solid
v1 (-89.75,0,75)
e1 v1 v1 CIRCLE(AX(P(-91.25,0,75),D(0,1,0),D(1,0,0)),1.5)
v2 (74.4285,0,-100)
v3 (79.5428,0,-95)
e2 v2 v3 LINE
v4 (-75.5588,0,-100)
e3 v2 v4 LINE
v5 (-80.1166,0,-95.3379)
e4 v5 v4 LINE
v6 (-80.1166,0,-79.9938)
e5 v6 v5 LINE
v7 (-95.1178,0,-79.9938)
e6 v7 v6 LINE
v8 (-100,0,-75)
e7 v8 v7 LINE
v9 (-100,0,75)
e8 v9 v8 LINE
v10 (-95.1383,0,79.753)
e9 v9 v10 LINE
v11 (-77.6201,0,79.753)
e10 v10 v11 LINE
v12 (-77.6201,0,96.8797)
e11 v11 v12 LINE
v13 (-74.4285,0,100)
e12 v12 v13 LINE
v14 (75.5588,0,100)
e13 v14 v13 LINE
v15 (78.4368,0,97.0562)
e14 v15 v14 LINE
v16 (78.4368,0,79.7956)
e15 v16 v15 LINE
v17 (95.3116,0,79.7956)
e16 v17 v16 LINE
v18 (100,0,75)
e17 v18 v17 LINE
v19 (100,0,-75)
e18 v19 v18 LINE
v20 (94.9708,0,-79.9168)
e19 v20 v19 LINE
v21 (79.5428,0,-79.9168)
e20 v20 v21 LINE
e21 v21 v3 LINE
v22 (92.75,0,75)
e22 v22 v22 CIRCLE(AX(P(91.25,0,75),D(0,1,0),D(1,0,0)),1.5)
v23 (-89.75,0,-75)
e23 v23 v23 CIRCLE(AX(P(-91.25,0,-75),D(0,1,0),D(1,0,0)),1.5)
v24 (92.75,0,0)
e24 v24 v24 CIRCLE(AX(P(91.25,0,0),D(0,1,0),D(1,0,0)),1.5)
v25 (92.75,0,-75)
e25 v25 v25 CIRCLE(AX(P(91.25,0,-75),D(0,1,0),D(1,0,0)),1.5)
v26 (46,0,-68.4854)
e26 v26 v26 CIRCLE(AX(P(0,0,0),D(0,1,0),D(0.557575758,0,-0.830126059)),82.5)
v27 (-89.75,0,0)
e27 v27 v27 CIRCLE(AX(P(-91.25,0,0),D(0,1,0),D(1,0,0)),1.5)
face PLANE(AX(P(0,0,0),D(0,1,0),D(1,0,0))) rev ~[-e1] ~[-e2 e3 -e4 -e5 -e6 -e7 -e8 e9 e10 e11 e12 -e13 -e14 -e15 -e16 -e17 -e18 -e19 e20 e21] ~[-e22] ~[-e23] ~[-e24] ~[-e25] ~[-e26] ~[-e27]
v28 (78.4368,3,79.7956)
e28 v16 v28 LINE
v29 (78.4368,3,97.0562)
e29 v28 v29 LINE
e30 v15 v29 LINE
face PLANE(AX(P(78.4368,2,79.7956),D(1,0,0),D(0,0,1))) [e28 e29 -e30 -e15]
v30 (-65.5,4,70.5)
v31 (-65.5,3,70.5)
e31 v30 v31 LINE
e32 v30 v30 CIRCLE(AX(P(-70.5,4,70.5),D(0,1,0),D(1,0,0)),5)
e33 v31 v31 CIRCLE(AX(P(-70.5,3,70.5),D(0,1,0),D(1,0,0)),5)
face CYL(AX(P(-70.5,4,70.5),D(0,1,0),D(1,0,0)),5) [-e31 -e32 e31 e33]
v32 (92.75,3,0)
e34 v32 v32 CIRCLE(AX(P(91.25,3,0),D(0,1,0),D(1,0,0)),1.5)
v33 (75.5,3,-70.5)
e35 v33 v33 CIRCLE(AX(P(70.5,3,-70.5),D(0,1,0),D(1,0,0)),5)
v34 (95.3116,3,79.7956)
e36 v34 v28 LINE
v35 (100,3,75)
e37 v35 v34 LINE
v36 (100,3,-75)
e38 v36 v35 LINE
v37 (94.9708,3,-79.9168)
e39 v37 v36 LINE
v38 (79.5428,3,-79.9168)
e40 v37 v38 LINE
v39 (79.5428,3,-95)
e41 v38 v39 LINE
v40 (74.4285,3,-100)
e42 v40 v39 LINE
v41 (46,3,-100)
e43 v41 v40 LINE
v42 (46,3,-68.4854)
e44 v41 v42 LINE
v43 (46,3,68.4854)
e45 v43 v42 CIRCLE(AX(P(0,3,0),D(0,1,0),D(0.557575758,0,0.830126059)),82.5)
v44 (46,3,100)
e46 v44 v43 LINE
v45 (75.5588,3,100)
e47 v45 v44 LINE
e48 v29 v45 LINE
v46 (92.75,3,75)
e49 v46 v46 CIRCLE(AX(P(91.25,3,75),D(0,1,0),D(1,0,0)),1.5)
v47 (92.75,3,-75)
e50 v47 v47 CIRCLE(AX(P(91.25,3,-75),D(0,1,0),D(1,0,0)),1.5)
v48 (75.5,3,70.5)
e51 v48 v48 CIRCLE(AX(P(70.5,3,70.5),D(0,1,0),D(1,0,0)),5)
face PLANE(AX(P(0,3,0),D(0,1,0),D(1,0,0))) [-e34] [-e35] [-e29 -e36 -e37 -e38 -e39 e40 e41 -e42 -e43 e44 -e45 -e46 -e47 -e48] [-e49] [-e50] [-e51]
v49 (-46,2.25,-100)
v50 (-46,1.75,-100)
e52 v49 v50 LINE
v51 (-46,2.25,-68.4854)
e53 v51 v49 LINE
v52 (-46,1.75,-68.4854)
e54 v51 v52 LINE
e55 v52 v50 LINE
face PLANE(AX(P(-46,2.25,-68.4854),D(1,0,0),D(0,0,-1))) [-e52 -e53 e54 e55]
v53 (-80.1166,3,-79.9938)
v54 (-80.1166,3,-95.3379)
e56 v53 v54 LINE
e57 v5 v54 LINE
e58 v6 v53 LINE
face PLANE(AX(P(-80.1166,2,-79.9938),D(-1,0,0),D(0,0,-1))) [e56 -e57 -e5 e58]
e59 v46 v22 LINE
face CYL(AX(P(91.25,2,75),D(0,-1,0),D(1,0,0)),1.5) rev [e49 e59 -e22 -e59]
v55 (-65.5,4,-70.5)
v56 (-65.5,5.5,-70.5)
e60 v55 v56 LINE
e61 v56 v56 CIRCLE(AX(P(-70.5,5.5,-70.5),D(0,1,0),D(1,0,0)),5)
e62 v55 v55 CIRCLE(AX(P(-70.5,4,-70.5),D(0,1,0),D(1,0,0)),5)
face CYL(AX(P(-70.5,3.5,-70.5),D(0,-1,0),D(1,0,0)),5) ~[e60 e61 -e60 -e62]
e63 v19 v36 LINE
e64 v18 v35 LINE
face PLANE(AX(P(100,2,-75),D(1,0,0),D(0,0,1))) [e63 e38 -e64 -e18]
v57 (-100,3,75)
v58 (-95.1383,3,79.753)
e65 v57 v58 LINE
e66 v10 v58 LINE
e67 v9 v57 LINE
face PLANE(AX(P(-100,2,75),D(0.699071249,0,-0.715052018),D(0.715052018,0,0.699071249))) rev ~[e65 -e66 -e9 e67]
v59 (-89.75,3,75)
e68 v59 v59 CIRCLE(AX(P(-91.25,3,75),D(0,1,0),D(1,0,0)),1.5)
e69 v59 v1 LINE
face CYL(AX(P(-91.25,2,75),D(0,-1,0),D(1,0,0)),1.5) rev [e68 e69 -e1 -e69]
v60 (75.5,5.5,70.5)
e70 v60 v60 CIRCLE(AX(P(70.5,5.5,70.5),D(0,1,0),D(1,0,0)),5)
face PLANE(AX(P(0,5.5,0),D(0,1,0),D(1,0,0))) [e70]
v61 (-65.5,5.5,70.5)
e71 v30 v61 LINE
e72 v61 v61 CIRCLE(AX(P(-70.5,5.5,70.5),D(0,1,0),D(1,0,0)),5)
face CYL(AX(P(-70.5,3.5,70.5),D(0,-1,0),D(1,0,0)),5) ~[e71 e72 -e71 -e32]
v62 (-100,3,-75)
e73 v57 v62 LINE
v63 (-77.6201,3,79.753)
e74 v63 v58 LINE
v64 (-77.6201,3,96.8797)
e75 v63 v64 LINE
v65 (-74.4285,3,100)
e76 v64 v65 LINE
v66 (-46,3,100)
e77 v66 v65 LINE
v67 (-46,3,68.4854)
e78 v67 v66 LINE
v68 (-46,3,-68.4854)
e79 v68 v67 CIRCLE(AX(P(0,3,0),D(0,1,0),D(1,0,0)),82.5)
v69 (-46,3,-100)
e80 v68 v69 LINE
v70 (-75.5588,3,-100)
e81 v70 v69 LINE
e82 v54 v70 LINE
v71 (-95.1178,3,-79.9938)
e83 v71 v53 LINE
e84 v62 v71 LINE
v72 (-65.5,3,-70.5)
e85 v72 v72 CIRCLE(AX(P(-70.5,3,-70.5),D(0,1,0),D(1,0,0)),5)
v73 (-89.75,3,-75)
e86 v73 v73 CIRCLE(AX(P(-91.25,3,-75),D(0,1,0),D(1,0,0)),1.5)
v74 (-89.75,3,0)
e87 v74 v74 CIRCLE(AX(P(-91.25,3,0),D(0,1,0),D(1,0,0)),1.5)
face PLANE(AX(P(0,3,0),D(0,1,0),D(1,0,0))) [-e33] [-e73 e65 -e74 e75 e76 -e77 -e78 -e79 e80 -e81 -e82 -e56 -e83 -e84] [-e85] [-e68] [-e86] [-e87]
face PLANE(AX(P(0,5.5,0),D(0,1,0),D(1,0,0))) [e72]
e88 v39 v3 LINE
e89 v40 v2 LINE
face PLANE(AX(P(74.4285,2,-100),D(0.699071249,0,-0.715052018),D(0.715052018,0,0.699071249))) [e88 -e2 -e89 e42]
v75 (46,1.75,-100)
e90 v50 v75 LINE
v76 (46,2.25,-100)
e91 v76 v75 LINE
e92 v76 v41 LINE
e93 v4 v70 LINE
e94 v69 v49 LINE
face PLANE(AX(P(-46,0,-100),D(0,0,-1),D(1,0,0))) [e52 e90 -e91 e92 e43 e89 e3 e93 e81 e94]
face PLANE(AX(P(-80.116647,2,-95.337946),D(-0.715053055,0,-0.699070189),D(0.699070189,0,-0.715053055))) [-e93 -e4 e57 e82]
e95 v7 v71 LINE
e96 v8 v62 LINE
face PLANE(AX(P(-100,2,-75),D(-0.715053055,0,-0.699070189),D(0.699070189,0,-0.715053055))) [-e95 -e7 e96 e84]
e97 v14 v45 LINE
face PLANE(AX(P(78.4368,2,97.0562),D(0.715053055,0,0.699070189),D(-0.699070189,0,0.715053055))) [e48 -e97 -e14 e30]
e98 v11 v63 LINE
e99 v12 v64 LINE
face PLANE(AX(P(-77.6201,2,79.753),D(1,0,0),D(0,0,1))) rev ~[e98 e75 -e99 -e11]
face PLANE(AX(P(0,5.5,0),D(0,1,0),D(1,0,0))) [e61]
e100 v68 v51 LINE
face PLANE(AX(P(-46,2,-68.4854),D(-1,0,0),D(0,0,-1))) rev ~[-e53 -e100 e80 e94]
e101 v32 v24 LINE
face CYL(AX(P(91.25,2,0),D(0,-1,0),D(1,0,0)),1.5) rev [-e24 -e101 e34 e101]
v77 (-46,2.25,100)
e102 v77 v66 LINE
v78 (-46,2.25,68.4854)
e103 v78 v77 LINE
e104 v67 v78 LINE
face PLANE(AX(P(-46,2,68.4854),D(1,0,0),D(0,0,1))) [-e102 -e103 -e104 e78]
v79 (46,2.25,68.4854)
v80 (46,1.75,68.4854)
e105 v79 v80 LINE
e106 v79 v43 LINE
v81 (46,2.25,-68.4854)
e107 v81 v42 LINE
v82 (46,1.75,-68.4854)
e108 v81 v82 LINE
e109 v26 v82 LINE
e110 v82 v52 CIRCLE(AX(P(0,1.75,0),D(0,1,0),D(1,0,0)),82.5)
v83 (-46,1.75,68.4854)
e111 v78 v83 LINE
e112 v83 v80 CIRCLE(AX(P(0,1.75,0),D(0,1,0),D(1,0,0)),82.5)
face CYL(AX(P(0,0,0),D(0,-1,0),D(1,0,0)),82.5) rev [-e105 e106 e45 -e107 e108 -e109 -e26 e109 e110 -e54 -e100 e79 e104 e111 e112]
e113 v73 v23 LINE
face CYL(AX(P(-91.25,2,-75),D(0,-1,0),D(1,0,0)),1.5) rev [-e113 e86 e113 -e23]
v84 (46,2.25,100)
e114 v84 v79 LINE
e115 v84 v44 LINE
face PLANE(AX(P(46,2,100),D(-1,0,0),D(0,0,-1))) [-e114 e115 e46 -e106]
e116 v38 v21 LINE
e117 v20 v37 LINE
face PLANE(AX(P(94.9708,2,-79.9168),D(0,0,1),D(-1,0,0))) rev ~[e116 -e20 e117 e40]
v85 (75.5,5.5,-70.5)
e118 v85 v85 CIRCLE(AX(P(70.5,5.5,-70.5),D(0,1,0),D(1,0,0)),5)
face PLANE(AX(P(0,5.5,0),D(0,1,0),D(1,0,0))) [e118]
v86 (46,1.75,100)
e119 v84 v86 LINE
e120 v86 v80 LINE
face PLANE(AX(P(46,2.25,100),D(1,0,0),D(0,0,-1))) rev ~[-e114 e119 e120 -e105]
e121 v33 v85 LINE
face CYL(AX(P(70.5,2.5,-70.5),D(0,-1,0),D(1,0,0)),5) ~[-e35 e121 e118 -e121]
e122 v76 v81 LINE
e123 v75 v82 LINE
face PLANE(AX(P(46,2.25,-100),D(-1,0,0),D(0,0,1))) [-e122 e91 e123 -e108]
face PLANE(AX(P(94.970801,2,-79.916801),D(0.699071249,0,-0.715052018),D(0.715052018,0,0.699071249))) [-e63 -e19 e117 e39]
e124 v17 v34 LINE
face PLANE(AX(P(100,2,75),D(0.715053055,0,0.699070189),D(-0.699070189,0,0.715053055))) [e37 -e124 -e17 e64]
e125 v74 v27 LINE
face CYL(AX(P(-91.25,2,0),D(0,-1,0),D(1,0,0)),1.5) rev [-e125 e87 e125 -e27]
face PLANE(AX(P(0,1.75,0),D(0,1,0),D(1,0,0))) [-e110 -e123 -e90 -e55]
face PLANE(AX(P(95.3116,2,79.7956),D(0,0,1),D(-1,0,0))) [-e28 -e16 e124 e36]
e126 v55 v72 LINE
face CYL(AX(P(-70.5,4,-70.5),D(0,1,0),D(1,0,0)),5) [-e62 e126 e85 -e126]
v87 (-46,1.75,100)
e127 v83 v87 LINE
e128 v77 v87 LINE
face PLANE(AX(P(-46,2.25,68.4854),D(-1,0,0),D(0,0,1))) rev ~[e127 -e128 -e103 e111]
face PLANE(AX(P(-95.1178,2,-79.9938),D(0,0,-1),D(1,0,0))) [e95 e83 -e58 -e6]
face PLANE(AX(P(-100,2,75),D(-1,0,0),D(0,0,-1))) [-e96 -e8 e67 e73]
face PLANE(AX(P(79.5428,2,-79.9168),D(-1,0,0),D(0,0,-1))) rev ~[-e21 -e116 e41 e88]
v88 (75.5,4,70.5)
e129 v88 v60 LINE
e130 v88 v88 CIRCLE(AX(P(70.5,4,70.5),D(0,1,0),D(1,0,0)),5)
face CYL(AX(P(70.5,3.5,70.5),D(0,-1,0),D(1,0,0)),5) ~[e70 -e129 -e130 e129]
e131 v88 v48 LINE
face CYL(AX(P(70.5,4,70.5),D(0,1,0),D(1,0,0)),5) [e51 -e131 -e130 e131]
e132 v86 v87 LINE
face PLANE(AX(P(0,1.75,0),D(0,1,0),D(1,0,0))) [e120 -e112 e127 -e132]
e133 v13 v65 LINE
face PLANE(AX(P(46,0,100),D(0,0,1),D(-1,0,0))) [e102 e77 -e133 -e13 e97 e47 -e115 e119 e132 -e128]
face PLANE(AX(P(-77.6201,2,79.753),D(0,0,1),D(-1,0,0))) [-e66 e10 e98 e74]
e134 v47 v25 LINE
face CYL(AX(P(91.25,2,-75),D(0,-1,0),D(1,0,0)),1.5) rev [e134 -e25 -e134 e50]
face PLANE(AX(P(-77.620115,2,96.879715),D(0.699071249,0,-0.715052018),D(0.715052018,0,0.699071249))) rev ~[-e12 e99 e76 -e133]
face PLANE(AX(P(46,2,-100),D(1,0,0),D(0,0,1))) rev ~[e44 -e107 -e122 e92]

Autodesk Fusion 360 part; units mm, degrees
sketch "Sketch1" plane through (0, 0, 0) normal (0, 1, 0) x (1, 0, 0) in component "Raam_v3"
  line L0 (-100, 100) -> (100, 100)
  line L1 (100, 100) -> (100, -100)
  line L2 (100, -100) -> (-100, -100)
  line L3 (-100, -100) -> (-100, 100)
  circle A0 centre (0, 0) radius 82.5
  line L4 (-70.5, -70.5) -> (70.5, -70.5) construction
  line L5 (70.5, -70.5) -> (70.5, 70.5) construction
  line L6 (70.5, 70.5) -> (-70.5, 70.5) construction
  line L7 (-70.5, 70.5) -> (-70.5, -70.5) construction
  line L8 (-46, -100) -> (46, -100)
  line L9 (46, -100) -> (46, -68)
  line L10 (46, -68) -> (-46, -68)
  line L11 (-46, -68) -> (-46, -100)
  line L12 (-46, 100) -> (46, 100)
  line L13 (46, 100) -> (46, 68)
  line L14 (46, 68) -> (-46, 68)
  line L15 (-46, 68) -> (-46, 100)
  circle A1 centre (70.5, -70.5) radius 5
  circle A2 centre (-70.5, -70.5) radius 5
  circle A3 centre (70.5, 70.5) radius 5
  circle A4 centre (-70.5, 70.5) radius 5
  line L16 (-91.25, -91.25) -> (91.25, -91.25) construction
  line L17 (91.25, -91.25) -> (91.25, 91.25) construction
  line L18 (91.25, 91.25) -> (-91.25, 91.25) construction
  line L19 (-91.25, 91.25) -> (-91.25, -91.25) construction
  line L20 (0, -100) -> (0, 100) construction
  line L21 (-100, 0) -> (100, 0) construction
  line L22 (-100, -75) -> (-74.4285, -100)
  line L23 (100, -75) -> (75.5588, -100)
  line L24 (-100, 75) -> (-75.5588, 100)
  line L25 (74.4285, 100) -> (100, 75)
  circle A5 centre (-91.25, 0) radius 1.5
  circle A6 centre (91.25, 0) radius 1.5
  line L26 (-100, -75) -> (100, -75) construction
  circle A7 centre (91.25, -75) radius 1.5
  line L27 (-100, 75) -> (100, 75) construction
  circle A8 centre (91.25, 75) radius 1.5
  circle A9 centre (-91.25, 75) radius 1.5
  circle A10 centre (-91.25, -75) radius 1.5
  line L28 (-95.1383, -79.753) -> (-77.6201, -79.753)
  line L29 (-77.6201, -79.753) -> (-77.6201, -96.8797)
  line L30 (-83.7274, -79.753) -> (-83.7274, -80)
  line L31 (95.3116, -79.7956) -> (78.4368, -79.7956)
  line L32 (78.4368, -79.7956) -> (78.4368, -97.0562)
  line L33 (-95.1178, 79.9938) -> (-80.1166, 79.9938)
  line L34 (-80.1166, 79.9938) -> (-80.1166, 95.3379)
  line L35 (94.9708, 79.9168) -> (79.5428, 79.9168)
  line L36 (79.5428, 79.9168) -> (79.5428, 95)
  dimension "d1" = 200
  dimension "d2" = 200
  dimension "d3" = 165
  dimension "d6" = 141
  dimension "d7" = 141
  dimension "d8" = 29.5
  dimension "d9" = 29.5
  dimension "d11" = 100
  dimension "d12" = 100
  dimension "d18" = 92
  dimension "d19" = 32
  dimension "d20" = 46
  dimension "d21" = 92
  dimension "d22" = 32
  dimension "d23" = 46
  dimension "d24" = 10
  dimension "d25" = 10
  dimension "d26" = 10
  dimension "d27" = 10
  dimension "d28" = 182.5
  dimension "d29" = 182.5
  dimension "d30" = 70.5
  dimension "d31" = 8.75
  dimension "d32" = 8.75
  dimension "d33" = 3
  dimension "d34" = 3
  dimension "d53" = 12.3744
  dimension "d54" = 12.3744
  dimension "d55" = 12.3744
  dimension "d56" = 12.3744
  dimension "d57" = 41.7193
  dimension "d58" = 41.7193
  dimension "d59" = 75
  dimension "d60" = 3
  dimension "d61" = 75
  dimension "d62" = 3
  dimension "d63" = 3
  dimension "d64" = 3
extrude "Extrude11" add sketch "Sketch1" along normal blind 1.25 contours L0 A0 L12 L13 L15 | L2 A0 L8 L9 L11 makes body 1 at (0, 0, -94.1667) makes body 2 at (0, 0, 94.1667) in component "Raam_v3"
extrude "Extrude10" add sketch "Sketch1" along normal blind 2 separate body contours L0 L2 L3 A0 L11 L15 L22 L24 L28 L29 L33 L34 | L0 L1 L2 A0 L9 L13 L23 L25 L31 L32 L35 L36 makes body 3 at (-63.4107, 0, -91.7181) makes body 4 at (63.4107, 2, 91.7181) in component "Raam_v3"
extrude "Extrude12" add sketch "Sketch1" along normal blind 3.5 contours A2 bodies 3 in component "Raam_v3"
extrude "Extrude13" add sketch "Sketch1" along normal blind 3.5 contours A1 bodies 4 in component "Raam_v3"
extrude "Extrude14" add sketch "Sketch1" along normal blind 3.5 contours A4 bodies 3 in component "Raam_v3"
extrude "Extrude15" add sketch "Sketch1" along normal blind 3.5 contours A3 bodies 4 in component "Raam_v3"
extrude "Extrude16" add 1 faces at (63.4107, 2, 91.7181) along direction (0, 1, 0) blind 2 on bodies 4 bodies 4 in component "Raam_v3"
extrude "Extrude17" add 1 faces at (-63.4107, 2, -91.7181) along direction (0, 1, 0) blind 2 on bodies 3 bodies 3 in component "Raam_v3"
extrude "Extrude18" add 1 faces at (0, 1.25, 94.1667) along direction (0, 1, 0) blind 1 on bodies 2 bodies 2 3 4 in component "Raam_v3"
extrude "Extrude19" add 1 faces at (0, 1.25, -94.1667) along direction (0, 1, 0) blind 1 on bodies 1 bodies 1 2 in component "Raam_v3"
extrude "Extrude20" add 1 faces at (-69.0538, 3.5, 70.0197) along direction (0, 1, 0) blind 4 on bodies 1 bodies 1 in component "Raam_v3"
extrude "Extrude21" cut 1 faces at (-69.0538, 7.5, 70.0197) along direction (0, -1, 0) blind 1 on bodies 1 bodies 1 in component "Raam_v3"
extrude "Extrude22" add 1 faces at (71.8216, 3.5, 69.804) along direction (0, 1, 0) blind 3 on bodies 1 bodies 1 in component "Raam_v3"
extrude "Extrude23" add 1 faces at (-69.0538, 3.5, -70.9803) along direction (0, 1, 0) blind 3 on bodies 1 bodies 1 in component "Raam_v3"
extrude "Extrude24" cut 1 faces at (-63.4107, 4, -91.7181) along direction (0, -1, 0) blind 1 on bodies 1 bodies 1 in component "Raam_v3"
extrude "Extrude25" cut 1 faces at (63.4107, 4, 91.7181) along direction (0, -1, 0) blind 1 on bodies 1 bodies 1 in component "Raam_v3"
extrude "Extrude26" cut 1 faces at (0, 2.25, 94.1667) along direction (0, -1, 0) blind 0.5 on bodies 1 bodies 1 in component "Raam_v3"
extrude "Extrude27" cut 1 faces at (0, 2.25, -94.1667) along direction (0, -1, 0) blind 0.5 on bodies 1 bodies 1 in component "Raam_v3"
extrude "Extrude28" cut 1 faces at (-69.0538, 6.5, 70.0197) along direction (0, -1, 0) blind 1 on bodies 1 bodies 1 in component "Raam_v3"
extrude "Extrude29" cut 1 faces at (71.8216, 6.5, 69.804) along direction (0, -1, 0) blind 1 on bodies 1 bodies 1 in component "Raam_v3"
extrude "Extrude30" cut 1 faces at (71.8216, 3.5, -71.196) along direction (0, -1, 0) blind 1 on bodies 1 bodies 1 in component "Raam_v3"
extrude "Extrude31" cut 1 faces at (-69.0538, 6.5, -70.9803) along direction (0, -1, 0) blind 1 on bodies 1 bodies 1 in component "Raam_v3"
extrude "Extrude32" add 1 faces at (71.8216, 2.5, -71.196) along direction (0, 1, 0) blind 3 on bodies 1 bodies 1 in component "Raam_v3"
extrude "Extrude2" [suppressed] in component "Raam_v3"
extrude "Extrude1" [suppressed] in component "Raam_v3"
extrude "Extrude3" [suppressed] in component "Raam_v3"
extrude "Extrude4" [suppressed] in component "Raam_v3"
extrude "Extrude5" [suppressed] in component "Raam_v3"
extrude "Extrude6" [suppressed] in component "Raam_v3"
extrude "Extrude7" [suppressed] in component "Raam_v3"
extrude "Extrude8" [suppressed] in component "Raam_v3"
extrude "Extrude9" [suppressed] in component "Raam_v3"
hole "Hole1" [suppressed] in component "Raam_v3"
hole "Hole2" [suppressed] in component "Raam_v3"
hole "Hole3" [suppressed] in component "Raam_v3"
move_body "Move1" [suppressed] in component "Raam_v3"
move_body "Move2" [suppressed] in component "Raam_v3"
hole "Hole4" [suppressed] in component "Raam_v3"
delete_face "DeleteFace1" [suppressed] in component "Raam_v3"
delete_face "DeleteFace2" [suppressed] in component "Raam_v3"
hole "Hole5" [suppressed] in component "Raam_v3"
delete_face "DeleteFace3" [suppressed] in component "Raam_v3"
hole "Hole6" [suppressed] in component "Raam_v3"
hole "Hole7" [suppressed] in component "Raam_v3"
component "Raam_v3" placed x (1, 0, 0) y (0, 1, 0) z (0, 0, 1) at (0, 0, 0)
